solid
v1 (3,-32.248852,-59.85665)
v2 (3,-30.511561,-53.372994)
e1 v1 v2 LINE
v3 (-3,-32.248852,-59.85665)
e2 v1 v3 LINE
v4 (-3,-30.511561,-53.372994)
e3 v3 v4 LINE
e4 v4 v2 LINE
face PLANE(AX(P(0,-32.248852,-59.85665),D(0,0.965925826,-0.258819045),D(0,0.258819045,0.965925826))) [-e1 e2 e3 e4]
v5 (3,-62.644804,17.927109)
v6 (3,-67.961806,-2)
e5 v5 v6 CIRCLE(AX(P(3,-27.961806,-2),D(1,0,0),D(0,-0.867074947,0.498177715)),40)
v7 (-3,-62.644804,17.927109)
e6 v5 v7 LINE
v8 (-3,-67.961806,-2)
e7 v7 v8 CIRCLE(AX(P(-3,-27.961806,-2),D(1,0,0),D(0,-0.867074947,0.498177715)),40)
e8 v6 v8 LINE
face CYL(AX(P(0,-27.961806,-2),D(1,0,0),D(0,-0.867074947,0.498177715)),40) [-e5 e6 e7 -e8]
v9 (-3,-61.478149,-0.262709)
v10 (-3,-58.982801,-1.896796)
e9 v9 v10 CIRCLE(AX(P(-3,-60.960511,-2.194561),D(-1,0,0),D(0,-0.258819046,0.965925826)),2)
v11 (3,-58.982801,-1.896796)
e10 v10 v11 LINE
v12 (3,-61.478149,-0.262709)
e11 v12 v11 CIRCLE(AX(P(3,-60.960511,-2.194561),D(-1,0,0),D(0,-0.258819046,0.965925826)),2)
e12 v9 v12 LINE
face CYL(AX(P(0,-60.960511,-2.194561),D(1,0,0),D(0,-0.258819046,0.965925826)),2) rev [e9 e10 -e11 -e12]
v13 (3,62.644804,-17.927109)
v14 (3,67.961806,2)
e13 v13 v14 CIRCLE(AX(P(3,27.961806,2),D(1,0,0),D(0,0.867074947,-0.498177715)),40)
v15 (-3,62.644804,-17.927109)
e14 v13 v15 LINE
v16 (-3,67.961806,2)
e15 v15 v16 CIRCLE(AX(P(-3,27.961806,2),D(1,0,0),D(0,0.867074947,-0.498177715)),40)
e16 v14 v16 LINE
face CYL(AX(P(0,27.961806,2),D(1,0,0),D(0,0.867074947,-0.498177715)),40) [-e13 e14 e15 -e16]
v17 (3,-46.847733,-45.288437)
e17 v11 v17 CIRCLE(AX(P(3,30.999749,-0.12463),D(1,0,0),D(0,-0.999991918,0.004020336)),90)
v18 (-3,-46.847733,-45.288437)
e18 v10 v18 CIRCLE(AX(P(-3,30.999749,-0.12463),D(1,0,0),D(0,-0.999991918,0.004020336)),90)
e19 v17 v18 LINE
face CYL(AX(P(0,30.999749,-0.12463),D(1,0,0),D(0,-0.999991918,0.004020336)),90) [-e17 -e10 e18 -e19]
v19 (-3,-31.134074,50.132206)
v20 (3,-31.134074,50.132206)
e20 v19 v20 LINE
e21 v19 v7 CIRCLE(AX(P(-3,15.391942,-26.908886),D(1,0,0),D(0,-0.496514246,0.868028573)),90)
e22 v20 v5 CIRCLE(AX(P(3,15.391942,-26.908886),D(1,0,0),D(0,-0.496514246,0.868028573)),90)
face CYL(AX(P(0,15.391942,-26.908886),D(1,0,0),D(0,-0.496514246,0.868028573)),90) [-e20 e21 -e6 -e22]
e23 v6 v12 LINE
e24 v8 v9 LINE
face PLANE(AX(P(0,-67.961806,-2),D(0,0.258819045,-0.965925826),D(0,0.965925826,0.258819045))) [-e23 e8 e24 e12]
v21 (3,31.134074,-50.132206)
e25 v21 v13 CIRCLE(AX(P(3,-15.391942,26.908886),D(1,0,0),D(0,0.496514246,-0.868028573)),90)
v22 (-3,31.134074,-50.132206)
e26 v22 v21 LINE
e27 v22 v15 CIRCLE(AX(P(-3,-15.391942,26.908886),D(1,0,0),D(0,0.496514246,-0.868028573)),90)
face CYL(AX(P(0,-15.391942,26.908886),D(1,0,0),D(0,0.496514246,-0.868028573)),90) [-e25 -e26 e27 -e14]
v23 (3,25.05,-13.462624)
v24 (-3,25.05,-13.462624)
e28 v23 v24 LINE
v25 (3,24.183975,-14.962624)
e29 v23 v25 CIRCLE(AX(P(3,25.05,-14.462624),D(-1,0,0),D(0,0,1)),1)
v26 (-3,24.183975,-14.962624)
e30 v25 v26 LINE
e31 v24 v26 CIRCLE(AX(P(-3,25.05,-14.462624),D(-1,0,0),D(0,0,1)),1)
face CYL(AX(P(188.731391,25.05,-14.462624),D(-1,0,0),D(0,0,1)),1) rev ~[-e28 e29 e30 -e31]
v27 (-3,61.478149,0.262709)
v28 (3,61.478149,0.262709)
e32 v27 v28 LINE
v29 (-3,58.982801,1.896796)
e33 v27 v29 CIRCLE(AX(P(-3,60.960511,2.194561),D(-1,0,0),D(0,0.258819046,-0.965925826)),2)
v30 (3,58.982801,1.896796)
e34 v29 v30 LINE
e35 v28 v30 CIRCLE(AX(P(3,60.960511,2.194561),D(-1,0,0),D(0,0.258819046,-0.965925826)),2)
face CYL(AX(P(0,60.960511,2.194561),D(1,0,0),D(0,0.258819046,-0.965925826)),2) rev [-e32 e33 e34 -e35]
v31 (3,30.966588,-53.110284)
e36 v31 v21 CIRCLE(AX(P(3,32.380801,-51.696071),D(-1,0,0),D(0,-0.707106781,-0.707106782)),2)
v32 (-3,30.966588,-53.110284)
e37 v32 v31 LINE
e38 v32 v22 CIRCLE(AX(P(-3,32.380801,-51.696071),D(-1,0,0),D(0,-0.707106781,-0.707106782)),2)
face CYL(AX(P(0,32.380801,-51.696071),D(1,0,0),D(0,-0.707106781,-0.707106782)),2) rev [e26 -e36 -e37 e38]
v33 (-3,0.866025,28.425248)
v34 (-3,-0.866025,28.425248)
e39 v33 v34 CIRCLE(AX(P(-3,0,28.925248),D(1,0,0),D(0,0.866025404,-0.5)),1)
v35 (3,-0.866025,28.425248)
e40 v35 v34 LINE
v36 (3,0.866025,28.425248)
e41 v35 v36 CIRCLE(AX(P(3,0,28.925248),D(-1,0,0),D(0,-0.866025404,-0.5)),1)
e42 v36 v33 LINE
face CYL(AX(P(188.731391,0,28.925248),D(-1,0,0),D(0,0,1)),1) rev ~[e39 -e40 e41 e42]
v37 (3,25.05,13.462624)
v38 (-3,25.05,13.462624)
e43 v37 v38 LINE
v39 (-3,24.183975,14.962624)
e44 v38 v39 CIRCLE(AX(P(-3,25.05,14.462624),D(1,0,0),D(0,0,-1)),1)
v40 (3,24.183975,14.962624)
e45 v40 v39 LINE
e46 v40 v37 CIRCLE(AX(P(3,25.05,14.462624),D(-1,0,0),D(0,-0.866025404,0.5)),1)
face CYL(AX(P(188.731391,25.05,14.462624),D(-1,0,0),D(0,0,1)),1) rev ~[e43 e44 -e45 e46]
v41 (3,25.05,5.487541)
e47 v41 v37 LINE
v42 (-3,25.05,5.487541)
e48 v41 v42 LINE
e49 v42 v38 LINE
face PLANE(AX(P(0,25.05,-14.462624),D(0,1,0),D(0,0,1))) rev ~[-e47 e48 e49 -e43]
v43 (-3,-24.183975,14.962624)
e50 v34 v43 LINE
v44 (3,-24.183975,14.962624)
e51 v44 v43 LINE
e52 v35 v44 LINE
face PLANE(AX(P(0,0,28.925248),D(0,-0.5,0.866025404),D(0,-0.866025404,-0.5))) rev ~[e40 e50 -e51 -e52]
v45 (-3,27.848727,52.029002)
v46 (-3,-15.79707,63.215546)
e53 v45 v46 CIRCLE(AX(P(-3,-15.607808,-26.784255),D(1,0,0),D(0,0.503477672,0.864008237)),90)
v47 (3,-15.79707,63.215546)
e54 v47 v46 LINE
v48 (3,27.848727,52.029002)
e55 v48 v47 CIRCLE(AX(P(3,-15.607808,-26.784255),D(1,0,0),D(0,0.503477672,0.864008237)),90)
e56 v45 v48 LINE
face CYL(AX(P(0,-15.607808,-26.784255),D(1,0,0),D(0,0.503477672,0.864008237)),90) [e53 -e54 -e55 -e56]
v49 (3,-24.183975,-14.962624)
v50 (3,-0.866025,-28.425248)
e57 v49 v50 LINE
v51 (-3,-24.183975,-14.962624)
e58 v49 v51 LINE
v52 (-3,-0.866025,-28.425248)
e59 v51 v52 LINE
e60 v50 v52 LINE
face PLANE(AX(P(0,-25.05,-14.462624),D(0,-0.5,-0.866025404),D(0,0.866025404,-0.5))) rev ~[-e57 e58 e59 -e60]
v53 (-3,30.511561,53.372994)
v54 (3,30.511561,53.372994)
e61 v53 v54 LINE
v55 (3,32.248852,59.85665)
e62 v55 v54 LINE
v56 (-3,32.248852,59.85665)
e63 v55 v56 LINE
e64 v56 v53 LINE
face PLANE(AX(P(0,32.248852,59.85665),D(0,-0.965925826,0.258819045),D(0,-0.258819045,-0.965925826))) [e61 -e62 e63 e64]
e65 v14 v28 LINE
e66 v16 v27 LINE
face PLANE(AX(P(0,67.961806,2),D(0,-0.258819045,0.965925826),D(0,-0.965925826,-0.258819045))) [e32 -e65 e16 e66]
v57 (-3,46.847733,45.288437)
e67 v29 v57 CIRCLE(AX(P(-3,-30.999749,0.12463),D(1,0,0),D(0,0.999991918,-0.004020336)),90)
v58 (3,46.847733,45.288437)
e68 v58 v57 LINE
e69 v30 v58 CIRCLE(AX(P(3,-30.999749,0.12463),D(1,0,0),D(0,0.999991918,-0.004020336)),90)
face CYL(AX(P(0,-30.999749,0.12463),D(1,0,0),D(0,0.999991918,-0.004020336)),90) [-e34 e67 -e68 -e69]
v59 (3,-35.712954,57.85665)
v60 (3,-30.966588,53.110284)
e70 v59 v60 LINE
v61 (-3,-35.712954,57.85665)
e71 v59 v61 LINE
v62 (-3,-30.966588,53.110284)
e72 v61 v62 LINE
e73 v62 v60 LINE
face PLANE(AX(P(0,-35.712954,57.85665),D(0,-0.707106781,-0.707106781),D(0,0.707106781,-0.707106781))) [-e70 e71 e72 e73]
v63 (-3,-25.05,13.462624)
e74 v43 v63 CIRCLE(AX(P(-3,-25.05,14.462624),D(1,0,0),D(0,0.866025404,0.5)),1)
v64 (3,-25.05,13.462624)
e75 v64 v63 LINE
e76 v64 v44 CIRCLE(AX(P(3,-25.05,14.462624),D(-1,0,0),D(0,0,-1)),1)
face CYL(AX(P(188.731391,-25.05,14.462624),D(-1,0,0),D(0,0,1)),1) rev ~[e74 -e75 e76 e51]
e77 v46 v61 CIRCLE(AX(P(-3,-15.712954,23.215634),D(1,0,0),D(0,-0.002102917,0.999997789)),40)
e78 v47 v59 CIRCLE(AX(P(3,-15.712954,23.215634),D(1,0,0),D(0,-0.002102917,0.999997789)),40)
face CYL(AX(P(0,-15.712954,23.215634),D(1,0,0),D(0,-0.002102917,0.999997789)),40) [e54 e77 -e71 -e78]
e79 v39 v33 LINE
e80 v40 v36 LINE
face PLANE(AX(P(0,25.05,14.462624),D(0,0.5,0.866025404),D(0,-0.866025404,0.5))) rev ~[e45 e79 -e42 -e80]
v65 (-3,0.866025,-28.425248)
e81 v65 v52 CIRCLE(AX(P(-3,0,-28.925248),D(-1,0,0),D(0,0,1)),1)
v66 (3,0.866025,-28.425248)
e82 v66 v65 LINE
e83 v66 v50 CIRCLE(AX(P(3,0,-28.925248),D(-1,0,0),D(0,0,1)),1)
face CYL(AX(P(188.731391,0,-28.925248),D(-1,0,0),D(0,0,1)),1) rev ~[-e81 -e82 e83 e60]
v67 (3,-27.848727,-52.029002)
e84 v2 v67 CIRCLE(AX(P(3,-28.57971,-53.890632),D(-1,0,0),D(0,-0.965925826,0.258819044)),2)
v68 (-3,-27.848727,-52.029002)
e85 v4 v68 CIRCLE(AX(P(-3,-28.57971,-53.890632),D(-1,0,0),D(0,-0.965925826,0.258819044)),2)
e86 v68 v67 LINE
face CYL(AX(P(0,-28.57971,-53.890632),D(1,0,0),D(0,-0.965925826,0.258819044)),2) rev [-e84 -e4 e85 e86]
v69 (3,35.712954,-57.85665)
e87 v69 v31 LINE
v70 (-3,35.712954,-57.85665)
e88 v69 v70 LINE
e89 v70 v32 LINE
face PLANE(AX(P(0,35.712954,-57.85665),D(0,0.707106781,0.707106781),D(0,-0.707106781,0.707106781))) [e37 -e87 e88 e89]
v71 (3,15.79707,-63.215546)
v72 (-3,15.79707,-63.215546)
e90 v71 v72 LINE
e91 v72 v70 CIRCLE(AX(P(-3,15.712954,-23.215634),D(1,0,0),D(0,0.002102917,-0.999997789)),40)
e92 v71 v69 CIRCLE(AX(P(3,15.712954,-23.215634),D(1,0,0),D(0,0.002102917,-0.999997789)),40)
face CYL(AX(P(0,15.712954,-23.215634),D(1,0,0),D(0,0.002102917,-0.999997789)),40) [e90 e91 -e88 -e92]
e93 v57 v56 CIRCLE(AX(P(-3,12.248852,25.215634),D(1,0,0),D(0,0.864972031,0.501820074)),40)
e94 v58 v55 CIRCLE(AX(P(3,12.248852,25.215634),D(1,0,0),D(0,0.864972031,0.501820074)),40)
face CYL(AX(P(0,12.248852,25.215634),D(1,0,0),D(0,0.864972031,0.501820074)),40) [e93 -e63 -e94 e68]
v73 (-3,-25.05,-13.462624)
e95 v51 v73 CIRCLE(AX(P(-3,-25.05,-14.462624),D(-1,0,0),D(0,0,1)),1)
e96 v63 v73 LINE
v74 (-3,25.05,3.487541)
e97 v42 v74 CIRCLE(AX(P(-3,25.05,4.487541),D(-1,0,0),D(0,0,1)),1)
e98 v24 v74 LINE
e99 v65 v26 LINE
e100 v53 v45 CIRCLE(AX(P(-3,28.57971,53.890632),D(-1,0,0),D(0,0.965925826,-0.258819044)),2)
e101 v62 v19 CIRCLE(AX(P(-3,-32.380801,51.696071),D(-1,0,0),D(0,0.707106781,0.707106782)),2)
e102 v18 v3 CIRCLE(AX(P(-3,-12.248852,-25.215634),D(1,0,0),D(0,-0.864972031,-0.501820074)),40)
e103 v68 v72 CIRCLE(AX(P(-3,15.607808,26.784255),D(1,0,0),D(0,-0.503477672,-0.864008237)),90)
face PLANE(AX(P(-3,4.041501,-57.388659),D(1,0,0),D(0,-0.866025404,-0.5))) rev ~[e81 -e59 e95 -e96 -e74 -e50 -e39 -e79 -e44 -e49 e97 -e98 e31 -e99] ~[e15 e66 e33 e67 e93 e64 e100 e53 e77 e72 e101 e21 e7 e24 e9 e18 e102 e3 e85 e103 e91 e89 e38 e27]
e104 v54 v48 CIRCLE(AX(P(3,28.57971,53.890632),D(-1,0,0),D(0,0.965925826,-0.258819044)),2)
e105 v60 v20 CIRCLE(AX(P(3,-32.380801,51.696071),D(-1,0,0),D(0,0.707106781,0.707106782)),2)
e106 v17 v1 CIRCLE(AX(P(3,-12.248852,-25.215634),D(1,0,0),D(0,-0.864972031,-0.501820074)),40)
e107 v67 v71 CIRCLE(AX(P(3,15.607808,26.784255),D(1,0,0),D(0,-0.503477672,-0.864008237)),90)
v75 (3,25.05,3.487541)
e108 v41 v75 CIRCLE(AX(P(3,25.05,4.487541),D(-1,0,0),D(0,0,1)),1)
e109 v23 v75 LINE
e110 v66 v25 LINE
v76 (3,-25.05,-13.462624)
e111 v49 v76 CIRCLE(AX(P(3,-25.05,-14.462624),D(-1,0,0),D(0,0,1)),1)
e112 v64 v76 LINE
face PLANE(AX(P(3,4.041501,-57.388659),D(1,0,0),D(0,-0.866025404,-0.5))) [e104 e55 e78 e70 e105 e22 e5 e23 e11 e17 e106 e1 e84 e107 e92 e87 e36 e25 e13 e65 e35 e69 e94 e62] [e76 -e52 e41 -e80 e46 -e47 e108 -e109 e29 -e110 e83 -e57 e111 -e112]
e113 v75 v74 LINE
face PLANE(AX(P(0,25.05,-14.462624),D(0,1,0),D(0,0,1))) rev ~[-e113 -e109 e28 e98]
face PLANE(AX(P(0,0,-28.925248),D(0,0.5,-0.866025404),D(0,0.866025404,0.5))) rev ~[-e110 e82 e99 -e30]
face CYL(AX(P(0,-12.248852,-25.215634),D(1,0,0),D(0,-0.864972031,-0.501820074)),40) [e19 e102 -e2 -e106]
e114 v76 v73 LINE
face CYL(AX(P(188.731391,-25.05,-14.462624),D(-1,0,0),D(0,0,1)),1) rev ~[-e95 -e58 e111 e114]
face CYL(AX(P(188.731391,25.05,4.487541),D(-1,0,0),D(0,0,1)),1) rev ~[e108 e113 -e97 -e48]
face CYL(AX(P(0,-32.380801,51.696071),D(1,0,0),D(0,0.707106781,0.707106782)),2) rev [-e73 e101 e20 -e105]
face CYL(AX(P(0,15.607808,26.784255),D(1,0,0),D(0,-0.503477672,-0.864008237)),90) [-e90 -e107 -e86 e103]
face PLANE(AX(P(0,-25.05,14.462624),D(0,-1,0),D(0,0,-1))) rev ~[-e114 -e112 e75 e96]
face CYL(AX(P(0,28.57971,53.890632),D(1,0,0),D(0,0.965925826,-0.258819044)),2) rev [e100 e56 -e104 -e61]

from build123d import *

# Parameters (mm, degrees)
SKETCH1_R                = 59
EXTRUDE1_DEPTH           = 3
EXTRUDE2_DEPTH           = 3
CIRPATTERN1_COUNT        = 6
F_2_0_2_DIAMETER_HOLE1_D = 2
F_2_0_2_DIAMETER_HOLE3_D = 2


with BuildPart() as part:
    # Sketch1 → Extrude1 (new, symmetric)
    with BuildSketch(Plane(origin=(0, 0, 0), x_dir=(0, 0, -1), z_dir=(1, 0, 0))):
        Circle(SKETCH1_R)
        Polygon((14.462624243, 25.05), (-14.462624243, 25.05), (-28.925248486, 0), (-14.462624243, -25.05), (14.462624243, -25.05), (28.925248486, 0), align=None, mode=Mode.SUBTRACT)
    extrude(amount=EXTRUDE1_DEPTH, both=True)

    # Sketch2 → Extrude2 (add, symmetric)
    with BuildSketch(Plane(origin=(0, 0, 0), x_dir=(0, 0, -1), z_dir=(1, 0, 0))):
        with BuildLine():
            Line((-2, 67.961805723), (-0.262709442, 61.478149092))
            ThreePointArc((-0.262709442, 61.478149092), (-0.58620663, 59.77173183), (-2.122608272, 58.961805723))
            ThreePointArc((-2.122608272, 58.961805723), (28.679663449, 51.560419941), (51.21368579, 29.294340542))
            ThreePointArc((51.21368579, 29.294340542), (36.791707484, 48.186627241), (17.927108603, 62.644803614))
            ThreePointArc((17.927108603, 62.644803614), (8.312130826, 66.609702921), (-2, 67.961805723))
        make_face()
    extrude2 = extrude(amount=EXTRUDE2_DEPTH, both=True)

    # CirPattern1: Extrude2 ×6 about axis
    cirpattern1_axis = Axis((0, 0, 0), (1, 0, 0))
    for i in range(1, CIRPATTERN1_COUNT):
        add(extrude2.rotate(cirpattern1_axis, i * 360 / CIRPATTERN1_COUNT))

    # Ø2.0 (2) Diameter Hole1 (through all)
    with Locations(Plane(origin=(3, 0, 0), x_dir=(0, 0, -1), z_dir=(1, 0, 0))):
        with Locations((-14.462624243, 25.05), (14.462624243, 25.05), (28.925248486, 0), (14.462624243, -25.05), (-14.462624243, -25.05), (-28.925248486, 0)):
            Hole(F_2_0_2_DIAMETER_HOLE1_D / 2)

    # Ø2.0 (2) Diameter Hole3 (through all)
    with Locations(Plane(origin=(3, 0, 0), x_dir=(0, 0, -1), z_dir=(1, 0, 0))):
        with Locations((-4.487541414, 25.05)):
            Hole(F_2_0_2_DIAMETER_HOLE3_D / 2)


solid = part.part
